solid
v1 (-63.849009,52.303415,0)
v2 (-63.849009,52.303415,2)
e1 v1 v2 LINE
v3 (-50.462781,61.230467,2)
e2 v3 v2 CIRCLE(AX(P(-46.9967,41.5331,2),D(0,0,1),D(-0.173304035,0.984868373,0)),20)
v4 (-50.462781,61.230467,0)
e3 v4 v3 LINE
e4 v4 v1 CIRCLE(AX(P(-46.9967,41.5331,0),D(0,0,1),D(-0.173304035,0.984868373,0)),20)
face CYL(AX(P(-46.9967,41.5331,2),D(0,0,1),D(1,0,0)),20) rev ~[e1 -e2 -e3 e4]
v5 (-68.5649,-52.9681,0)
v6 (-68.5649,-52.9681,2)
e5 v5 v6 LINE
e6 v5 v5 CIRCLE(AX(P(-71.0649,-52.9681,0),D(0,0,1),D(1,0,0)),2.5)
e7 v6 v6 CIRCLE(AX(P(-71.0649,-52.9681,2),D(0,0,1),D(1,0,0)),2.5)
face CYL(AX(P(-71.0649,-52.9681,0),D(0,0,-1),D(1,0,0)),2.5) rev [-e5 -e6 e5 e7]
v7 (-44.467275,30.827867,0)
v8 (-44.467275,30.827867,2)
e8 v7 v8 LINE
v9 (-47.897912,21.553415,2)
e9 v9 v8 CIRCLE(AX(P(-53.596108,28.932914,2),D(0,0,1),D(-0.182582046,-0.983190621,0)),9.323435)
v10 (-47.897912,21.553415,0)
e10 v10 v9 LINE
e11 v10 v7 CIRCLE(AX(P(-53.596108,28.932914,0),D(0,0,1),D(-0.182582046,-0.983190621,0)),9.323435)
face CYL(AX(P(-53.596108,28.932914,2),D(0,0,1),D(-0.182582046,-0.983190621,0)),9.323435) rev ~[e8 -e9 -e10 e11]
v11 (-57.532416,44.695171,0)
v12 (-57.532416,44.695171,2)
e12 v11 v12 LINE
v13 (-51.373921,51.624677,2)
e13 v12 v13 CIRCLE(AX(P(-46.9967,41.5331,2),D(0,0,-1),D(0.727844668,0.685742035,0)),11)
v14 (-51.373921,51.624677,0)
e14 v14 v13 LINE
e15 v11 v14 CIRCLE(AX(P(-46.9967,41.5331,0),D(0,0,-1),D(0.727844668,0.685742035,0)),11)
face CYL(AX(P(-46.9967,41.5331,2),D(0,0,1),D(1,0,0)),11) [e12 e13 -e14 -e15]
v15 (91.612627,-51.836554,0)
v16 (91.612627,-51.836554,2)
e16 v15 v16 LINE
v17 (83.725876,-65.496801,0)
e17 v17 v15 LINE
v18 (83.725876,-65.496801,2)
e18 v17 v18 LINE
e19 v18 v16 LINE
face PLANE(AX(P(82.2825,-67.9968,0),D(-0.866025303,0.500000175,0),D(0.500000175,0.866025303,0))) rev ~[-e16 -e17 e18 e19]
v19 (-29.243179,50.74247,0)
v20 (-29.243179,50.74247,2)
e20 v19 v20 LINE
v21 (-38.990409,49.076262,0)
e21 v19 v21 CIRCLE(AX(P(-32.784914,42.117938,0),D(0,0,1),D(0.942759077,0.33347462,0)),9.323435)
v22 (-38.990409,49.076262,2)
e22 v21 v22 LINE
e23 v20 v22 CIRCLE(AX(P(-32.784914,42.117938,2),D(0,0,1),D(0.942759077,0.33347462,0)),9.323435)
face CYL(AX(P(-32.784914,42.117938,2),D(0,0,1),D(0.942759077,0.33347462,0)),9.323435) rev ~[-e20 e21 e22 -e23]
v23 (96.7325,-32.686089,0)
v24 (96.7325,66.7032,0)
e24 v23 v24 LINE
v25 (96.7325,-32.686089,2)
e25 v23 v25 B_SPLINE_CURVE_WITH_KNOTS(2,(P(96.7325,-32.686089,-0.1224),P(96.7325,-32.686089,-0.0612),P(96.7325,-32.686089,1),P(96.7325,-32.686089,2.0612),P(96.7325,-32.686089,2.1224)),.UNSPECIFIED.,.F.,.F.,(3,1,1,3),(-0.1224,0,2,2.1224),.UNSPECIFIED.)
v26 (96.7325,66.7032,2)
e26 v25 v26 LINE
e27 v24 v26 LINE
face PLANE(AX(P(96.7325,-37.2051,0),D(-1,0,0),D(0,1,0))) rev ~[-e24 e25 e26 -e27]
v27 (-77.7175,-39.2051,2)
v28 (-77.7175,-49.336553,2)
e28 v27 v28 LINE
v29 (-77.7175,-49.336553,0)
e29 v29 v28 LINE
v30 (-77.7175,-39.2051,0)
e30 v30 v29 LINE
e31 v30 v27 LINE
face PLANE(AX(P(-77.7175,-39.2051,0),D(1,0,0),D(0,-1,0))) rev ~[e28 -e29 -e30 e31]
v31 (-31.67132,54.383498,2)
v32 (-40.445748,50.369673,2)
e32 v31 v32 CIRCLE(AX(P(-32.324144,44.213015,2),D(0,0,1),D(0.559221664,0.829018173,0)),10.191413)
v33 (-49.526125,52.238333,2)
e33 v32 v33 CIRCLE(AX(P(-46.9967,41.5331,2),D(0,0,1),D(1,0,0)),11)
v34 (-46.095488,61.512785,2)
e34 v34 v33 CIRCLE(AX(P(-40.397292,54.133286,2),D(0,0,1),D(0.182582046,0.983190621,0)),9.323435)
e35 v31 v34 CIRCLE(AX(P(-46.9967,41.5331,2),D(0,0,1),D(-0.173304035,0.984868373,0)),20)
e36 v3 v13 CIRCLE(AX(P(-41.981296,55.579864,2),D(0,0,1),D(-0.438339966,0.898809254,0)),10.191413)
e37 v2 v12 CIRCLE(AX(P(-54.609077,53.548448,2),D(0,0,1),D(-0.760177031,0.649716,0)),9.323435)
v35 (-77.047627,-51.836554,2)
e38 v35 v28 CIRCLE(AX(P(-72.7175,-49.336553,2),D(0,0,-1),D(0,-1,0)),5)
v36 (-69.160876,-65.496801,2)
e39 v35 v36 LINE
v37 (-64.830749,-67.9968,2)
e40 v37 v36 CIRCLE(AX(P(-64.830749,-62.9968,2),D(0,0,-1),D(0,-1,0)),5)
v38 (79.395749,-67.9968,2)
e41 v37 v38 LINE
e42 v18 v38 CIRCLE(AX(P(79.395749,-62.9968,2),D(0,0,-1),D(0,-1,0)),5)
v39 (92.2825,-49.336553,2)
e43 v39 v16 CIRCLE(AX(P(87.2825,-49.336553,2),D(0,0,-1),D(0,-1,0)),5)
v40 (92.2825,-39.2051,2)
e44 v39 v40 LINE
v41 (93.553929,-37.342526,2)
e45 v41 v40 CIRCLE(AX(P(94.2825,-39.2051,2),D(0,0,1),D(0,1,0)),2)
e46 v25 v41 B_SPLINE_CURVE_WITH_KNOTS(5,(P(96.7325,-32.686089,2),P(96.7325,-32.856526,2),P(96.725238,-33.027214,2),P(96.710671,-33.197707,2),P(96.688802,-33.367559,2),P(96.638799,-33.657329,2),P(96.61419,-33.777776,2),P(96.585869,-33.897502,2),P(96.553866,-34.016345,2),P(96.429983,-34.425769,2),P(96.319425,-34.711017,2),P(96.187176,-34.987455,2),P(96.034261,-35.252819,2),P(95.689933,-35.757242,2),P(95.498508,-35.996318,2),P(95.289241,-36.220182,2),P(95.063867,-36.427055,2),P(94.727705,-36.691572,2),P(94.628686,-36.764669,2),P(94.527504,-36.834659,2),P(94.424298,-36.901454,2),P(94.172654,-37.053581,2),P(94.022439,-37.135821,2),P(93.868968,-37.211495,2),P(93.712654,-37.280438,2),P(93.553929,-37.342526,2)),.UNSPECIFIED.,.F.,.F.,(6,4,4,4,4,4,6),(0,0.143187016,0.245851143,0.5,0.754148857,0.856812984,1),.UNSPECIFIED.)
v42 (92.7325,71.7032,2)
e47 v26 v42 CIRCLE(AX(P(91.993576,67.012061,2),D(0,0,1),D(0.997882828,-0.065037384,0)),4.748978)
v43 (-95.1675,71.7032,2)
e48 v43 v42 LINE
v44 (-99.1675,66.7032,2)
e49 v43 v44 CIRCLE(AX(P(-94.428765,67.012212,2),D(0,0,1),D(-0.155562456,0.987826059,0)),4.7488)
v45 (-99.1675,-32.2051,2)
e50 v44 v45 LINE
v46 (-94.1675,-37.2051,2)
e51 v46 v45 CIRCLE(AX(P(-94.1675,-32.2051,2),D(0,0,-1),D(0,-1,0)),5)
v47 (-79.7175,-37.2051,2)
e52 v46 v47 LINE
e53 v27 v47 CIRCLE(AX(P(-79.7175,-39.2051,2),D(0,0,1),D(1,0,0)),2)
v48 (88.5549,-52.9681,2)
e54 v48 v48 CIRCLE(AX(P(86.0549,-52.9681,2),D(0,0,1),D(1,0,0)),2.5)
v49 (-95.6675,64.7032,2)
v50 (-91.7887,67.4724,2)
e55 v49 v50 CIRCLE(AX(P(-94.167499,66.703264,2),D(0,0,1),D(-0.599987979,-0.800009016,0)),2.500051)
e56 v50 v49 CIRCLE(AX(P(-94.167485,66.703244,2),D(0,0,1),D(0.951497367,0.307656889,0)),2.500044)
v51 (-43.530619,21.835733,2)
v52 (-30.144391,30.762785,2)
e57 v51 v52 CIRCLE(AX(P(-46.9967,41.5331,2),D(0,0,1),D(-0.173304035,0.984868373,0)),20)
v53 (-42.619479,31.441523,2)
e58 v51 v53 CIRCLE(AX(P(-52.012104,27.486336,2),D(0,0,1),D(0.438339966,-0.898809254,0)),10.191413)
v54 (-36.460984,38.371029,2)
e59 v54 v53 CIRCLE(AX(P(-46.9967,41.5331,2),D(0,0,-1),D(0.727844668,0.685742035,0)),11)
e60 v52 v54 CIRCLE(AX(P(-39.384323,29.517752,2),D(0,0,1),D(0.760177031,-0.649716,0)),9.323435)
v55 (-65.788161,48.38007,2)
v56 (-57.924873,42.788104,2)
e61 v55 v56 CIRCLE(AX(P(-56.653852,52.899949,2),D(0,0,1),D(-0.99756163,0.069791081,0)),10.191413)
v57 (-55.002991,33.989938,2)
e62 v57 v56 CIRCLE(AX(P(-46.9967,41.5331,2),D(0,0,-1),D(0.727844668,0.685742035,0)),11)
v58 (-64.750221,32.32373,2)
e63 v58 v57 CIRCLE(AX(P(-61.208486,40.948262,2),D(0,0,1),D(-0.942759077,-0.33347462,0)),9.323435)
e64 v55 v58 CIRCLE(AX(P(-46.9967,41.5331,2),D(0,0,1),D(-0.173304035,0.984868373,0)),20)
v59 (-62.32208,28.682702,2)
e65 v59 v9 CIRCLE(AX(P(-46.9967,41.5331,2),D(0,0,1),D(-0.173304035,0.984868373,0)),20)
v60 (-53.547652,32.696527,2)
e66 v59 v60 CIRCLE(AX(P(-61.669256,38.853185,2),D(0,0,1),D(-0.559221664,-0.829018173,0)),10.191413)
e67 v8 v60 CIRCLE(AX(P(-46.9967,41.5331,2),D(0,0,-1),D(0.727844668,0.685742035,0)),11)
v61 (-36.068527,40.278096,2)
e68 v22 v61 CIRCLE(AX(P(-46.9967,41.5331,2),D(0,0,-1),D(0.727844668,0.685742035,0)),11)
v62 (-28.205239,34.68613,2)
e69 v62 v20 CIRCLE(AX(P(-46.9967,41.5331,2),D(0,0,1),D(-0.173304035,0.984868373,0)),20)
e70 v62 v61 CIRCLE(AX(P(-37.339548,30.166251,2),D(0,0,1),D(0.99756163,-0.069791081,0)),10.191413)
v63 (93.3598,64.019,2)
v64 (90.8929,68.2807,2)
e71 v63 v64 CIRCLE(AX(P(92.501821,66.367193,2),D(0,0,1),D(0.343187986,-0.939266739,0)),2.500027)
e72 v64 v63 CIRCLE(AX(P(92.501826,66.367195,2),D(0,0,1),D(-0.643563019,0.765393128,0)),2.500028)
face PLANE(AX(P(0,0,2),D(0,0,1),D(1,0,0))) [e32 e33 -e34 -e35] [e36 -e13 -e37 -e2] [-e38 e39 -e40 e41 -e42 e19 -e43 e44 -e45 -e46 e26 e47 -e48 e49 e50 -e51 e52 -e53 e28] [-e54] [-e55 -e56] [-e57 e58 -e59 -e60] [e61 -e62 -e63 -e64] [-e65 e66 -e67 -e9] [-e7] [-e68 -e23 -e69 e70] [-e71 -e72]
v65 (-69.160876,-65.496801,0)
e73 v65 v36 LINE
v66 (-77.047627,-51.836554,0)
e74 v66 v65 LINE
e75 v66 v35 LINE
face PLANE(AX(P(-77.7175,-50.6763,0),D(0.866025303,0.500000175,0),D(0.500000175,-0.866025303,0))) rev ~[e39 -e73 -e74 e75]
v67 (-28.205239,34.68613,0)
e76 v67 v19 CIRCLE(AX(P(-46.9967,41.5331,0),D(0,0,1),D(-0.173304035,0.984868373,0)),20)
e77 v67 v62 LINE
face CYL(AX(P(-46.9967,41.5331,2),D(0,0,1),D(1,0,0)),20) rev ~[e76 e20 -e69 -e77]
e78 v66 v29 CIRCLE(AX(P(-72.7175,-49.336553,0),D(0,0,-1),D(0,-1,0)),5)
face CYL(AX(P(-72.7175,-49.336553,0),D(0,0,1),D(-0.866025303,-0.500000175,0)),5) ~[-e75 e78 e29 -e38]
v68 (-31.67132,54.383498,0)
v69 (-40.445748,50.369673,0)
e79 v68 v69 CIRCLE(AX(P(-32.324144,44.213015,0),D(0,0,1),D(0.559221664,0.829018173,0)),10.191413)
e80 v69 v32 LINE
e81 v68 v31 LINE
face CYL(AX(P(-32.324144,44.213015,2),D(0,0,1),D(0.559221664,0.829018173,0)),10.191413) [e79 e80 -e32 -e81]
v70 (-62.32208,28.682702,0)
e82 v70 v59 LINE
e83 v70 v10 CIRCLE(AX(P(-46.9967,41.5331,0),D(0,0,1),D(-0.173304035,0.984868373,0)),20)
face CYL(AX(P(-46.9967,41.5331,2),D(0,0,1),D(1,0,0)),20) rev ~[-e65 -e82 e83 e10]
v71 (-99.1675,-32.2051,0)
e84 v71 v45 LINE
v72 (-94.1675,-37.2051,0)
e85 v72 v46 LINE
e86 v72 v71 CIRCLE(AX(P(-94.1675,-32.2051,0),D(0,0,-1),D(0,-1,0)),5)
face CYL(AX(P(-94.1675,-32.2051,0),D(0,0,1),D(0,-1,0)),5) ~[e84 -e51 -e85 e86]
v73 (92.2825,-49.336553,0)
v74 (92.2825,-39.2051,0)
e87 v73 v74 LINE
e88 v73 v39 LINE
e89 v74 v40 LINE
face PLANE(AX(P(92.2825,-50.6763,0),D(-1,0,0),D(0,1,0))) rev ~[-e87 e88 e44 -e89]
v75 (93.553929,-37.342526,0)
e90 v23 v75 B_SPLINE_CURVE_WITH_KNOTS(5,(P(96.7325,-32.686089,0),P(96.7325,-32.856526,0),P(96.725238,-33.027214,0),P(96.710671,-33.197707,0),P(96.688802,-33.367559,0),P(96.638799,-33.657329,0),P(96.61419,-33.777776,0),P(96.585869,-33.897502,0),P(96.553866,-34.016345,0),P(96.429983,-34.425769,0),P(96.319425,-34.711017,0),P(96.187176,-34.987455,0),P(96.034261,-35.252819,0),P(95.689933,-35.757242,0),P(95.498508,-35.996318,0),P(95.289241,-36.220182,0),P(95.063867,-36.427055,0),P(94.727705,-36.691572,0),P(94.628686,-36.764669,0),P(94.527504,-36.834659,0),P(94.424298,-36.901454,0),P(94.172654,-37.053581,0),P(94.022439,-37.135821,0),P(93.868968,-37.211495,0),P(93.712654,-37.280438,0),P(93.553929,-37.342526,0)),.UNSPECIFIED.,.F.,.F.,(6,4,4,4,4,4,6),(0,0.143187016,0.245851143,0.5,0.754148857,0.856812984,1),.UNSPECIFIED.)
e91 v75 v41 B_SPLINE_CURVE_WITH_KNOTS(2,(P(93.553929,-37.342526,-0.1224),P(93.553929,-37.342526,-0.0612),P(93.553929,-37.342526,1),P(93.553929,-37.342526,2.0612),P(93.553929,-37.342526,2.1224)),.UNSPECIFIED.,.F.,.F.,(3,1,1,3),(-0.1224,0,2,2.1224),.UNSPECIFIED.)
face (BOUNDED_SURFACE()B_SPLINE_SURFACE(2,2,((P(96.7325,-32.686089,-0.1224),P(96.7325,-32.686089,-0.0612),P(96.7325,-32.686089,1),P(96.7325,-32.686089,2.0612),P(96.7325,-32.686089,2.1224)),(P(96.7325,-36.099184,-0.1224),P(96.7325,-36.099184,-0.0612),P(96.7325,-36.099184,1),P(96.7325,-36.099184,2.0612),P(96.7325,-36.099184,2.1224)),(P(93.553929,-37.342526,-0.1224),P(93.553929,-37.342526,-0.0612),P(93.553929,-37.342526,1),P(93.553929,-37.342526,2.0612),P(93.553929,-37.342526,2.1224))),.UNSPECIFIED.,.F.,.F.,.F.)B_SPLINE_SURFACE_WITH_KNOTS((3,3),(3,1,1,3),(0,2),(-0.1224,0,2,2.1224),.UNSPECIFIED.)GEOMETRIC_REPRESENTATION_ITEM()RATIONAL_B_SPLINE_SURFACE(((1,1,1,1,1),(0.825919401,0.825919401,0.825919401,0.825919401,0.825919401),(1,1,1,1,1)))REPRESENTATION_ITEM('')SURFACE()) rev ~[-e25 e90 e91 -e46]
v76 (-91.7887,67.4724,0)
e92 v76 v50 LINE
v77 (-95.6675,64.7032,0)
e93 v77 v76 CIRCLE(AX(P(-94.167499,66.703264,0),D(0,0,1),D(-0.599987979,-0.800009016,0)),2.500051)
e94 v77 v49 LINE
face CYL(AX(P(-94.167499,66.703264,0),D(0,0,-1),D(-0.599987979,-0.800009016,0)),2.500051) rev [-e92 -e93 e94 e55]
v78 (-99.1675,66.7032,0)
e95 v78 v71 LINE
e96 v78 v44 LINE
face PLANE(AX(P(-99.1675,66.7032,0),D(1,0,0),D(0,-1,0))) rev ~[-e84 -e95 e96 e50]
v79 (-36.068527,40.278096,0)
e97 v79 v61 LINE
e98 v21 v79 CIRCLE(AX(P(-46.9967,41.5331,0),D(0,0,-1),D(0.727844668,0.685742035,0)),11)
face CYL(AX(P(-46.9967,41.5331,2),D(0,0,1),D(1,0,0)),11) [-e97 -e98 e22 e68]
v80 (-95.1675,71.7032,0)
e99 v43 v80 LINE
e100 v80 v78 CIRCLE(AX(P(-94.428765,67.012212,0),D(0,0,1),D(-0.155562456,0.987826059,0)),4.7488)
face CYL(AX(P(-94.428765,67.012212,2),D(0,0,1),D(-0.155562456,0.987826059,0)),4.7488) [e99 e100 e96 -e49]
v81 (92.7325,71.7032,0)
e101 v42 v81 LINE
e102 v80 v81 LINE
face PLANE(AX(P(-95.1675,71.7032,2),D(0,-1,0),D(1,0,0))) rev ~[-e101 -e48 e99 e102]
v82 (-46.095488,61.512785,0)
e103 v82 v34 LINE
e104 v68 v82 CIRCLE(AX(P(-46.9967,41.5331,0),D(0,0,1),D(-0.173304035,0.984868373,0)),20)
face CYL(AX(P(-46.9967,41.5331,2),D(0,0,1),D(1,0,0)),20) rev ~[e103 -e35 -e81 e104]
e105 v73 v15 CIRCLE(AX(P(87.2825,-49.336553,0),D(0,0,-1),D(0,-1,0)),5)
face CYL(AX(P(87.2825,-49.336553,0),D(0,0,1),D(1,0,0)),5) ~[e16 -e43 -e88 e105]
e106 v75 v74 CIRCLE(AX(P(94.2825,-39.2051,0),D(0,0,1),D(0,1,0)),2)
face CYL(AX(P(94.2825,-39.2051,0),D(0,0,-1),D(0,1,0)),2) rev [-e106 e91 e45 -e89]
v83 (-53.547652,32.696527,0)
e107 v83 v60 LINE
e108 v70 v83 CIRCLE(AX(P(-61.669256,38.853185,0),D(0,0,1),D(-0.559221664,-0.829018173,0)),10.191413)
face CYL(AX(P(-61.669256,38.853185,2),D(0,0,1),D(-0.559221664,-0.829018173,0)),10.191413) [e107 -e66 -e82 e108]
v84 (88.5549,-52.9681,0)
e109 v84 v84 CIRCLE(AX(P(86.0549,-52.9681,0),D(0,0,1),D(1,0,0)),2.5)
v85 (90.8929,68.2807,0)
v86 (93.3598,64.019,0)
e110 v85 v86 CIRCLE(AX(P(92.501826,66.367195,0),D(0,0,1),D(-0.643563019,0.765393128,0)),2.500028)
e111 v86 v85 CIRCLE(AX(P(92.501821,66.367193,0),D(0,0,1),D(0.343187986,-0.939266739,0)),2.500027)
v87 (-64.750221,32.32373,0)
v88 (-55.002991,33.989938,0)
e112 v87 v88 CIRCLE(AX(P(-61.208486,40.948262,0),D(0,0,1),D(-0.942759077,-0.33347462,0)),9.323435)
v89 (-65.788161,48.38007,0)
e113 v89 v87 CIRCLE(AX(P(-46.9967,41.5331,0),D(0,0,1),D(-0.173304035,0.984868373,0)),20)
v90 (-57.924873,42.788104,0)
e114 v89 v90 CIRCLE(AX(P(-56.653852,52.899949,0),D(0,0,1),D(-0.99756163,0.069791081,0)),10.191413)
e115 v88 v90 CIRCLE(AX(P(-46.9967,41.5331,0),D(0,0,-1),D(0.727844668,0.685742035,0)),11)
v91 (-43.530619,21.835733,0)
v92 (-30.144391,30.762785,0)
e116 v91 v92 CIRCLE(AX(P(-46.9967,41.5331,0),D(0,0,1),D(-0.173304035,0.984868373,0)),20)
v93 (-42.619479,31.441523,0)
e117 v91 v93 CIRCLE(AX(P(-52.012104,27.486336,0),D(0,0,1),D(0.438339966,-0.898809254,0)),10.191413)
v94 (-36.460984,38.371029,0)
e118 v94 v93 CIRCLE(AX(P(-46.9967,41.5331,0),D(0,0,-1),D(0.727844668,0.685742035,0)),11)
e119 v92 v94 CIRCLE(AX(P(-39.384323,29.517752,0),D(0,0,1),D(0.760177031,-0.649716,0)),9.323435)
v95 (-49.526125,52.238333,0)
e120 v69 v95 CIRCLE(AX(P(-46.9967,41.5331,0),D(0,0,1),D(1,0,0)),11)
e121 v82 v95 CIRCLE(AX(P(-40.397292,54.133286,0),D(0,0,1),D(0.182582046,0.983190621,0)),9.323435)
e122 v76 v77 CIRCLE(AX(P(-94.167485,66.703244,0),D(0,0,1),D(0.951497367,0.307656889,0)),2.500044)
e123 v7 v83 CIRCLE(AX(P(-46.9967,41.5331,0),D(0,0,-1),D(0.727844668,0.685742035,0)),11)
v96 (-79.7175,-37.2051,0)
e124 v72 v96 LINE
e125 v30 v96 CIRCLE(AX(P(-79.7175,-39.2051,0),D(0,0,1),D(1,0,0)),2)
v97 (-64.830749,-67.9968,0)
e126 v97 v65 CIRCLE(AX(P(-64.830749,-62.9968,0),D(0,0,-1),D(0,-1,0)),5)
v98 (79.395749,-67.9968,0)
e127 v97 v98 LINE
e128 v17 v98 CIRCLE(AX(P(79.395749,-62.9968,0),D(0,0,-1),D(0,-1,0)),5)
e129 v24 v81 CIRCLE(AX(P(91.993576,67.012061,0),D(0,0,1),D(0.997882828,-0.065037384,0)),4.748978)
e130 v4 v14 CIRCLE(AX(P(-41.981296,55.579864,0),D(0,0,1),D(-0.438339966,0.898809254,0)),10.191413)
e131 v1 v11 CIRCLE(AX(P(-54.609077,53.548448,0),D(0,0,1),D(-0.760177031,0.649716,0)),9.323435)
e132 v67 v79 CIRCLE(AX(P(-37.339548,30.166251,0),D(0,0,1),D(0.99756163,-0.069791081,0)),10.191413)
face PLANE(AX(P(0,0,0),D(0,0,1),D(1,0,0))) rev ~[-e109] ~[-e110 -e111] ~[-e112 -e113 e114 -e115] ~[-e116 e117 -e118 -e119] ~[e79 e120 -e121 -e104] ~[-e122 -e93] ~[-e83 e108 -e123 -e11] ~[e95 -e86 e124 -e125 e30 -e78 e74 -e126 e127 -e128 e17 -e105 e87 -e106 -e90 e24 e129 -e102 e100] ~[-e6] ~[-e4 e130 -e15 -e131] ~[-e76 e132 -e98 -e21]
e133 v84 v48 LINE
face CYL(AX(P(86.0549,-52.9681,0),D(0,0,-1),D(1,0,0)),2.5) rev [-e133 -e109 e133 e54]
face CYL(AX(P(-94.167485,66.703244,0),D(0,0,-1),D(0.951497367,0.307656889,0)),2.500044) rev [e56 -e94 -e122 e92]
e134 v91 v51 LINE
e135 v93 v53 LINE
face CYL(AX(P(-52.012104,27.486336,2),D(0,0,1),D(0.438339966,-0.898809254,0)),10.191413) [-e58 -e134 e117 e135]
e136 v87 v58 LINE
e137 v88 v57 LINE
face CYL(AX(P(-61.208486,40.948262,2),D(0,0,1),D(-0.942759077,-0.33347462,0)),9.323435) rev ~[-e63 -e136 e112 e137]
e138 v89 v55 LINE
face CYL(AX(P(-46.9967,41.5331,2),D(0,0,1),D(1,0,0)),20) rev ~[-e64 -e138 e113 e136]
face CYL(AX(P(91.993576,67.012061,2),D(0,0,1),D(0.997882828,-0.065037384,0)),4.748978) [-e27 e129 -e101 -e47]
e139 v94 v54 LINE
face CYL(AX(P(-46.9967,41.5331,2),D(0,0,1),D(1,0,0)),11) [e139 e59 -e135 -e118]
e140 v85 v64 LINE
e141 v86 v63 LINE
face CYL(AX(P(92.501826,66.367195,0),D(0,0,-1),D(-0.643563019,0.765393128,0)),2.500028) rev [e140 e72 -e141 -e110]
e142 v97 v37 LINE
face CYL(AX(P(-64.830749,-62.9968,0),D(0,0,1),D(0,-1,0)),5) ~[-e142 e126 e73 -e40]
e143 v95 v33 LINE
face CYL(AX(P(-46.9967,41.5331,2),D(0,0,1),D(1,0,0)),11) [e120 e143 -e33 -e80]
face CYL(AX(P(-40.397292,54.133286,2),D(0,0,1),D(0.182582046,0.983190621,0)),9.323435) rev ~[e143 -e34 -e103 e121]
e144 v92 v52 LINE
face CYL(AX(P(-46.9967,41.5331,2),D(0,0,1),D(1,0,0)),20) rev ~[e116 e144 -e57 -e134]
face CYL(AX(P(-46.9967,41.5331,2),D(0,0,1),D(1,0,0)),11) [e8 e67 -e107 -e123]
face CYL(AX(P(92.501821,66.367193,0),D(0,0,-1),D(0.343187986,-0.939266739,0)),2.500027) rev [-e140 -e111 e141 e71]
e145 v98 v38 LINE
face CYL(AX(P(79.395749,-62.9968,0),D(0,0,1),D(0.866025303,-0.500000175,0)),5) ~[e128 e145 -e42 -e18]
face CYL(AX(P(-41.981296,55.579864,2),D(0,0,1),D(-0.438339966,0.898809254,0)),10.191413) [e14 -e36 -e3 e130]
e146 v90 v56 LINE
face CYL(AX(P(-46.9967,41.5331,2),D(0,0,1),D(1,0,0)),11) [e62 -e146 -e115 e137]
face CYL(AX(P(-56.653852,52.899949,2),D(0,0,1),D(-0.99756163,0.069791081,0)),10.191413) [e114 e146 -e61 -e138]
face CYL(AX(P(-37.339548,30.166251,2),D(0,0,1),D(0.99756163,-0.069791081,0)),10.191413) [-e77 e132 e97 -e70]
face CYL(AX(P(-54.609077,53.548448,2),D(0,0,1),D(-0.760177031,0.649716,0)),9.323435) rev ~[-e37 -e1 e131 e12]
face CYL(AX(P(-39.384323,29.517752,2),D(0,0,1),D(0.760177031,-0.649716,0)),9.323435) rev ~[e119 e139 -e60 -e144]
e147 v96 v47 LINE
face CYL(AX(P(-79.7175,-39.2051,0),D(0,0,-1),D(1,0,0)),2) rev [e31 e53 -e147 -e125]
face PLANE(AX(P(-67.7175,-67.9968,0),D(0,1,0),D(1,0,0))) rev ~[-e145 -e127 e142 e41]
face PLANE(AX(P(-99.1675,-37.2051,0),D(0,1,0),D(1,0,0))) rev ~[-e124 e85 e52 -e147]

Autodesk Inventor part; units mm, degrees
ref_plane "YZ Plane" through (0, 0, 0) normal (1, 0, 0) x (0, 1, 0)
ref_plane "XZ Plane" through (0, 0, 0) normal (0, 1, 0) x (-1, 0, 0)
ref_plane "XY Plane" through (0, 0, 0) normal (0, 0, 1) x (1, 0, 0)
sketch "Sketch4" plane through (0, 0, 0) normal (0, 0, 1) x (1, 0, 0)
  line L0 (92.7325, 70.7032) -> (-95.1675, 70.7032) projected
  arc A0 (-95.1675, 70.7032) -> (-99.1675, 66.7032) centre (-95.1675, 66.7032) ccw projected
  line L1 (-99.1675, 66.7032) -> (-99.1675, -37.2051) projected
  arc A1 (-91.7887, 67.4724) -> (-95.6675, 64.7032) centre (-94.1675, 66.7032) ccw projected
  line L2 (-99.1675, -37.2051) -> (-79.7175, -37.2051) projected
  arc A2 (-77.7175, -39.2051) -> (-79.7175, -37.2051) centre (-79.7175, -39.2051) ccw projected
  line L3 (-77.7175, -39.2051) -> (-77.7175, -50.6763) projected
  line L4 (-77.7175, -50.6763) -> (-67.7175, -67.9968) projected
  line L5 (-67.7175, -67.9968) -> (82.2825, -67.9968) projected
  circle A3 centre (-71.0649, -52.9681) radius 2.5 projected
  line L6 (82.2825, -67.9968) -> (92.2825, -50.6763) projected
  circle A4 centre (86.0549, -52.9681) radius 2.5 projected
  line L7 (92.2825, -50.6763) -> (92.2825, -39.2051) projected
  arc A5 (94.2825, -37.2051) -> (92.2825, -39.2051) centre (94.2825, -39.2051) ccw projected
  line L8 (94.2825, -37.2051) -> (96.7325, -37.2051) projected
  line L9 (96.7325, -37.2051) -> (96.7325, 66.7032) projected
  arc A6 (96.7325, 66.7032) -> (92.7325, 70.7032) centre (92.7325, 66.7032) ccw projected
  arc A7 (93.3598, 64.019) -> (90.8929, 68.2807) centre (92.5018, 66.3672) ccw projected
  arc A8 (90.8929, 68.2807) -> (93.3598, 64.019) centre (92.5018, 66.3672) ccw
  arc A9 (-95.6675, 64.7032) -> (-91.7887, 67.4724) centre (-94.1675, 66.7032) ccw
  point P0 (0, 0)
extrude "Extrusion4" add sketch "Sketch4" along normal blind 2
fillet "Fillet1" radius 5 6 edges at (-99.1675, -37.2051, 1) (-77.7175, -50.6763, 1) (-67.7175, -67.9968, 1) (82.2825, -67.9968, 1) (92.2825, -50.6763, 1) (96.7325, -37.2051, 1)
sketch "Sketch5" plane through (0, 0, 2) normal (0, 0, 1) x (1, 0, 0)
  circle A0 centre (-46.9967, 41.5331) radius 20
  circle A1 centre (-46.9967, 41.5331) radius 11
  point P0 (0, 0)
  dimension "d12" = 40
  dimension "d13" = 22
extrude "Extrusion5" cut sketch "Sketch5" against normal blind 10
sketch "Sketch6" plane through (0, 0, 2) normal (0, 0, 1) x (1, 0, 0)
  arc A0 (-46.4486, 64.74) -> (-47.34, 46.911) centre (-41.9812, 55.5798) ccw
  arc A1 (-38.695, 63.3) -> (-44.2546, 45.6452) centre (-40.3973, 54.1333) ccw
  line L0 (-47.34, 46.911) -> (-44.2546, 45.6452)
  line L1 (-46.4486, 64.74) -> (-38.695, 63.3)
  point P0 (0, 0)
extrude "Extrusion6" add sketch "Sketch6" against normal up to surface (2 mm away)
pattern_circular "Circular Pattern1" count 6 over 360 about axis through (-46.9967, 41.5331, 2) along (0, 0, -1) of "Extrusion6"
sketch "Sketch7" plane through (0, 0, 2) normal (0, 0, 1) x (1, 0, 0)
  line L0 (-95.1675, 71.7032) -> (92.7325, 71.7032) projected
  line L1 (92.7325, 70.7032) -> (-95.1675, 70.7032) projected
  arc A0 (-95.1675, 70.7032) -> (-99.1675, 66.7032) centre (-95.1675, 66.7032) ccw projected
  arc A1 (-95.1675, 71.7032) -> (-99.1675, 66.7032) centre (-94.4287, 67.0121) ccw projected
  arc A2 (96.7325, 66.7032) -> (92.7325, 70.7032) centre (92.7325, 66.7032) ccw projected
  arc A3 (96.7325, 66.7032) -> (92.7325, 71.7032) centre (91.9937, 67.0121) ccw projected
  point P0 (0, 0)
extrude "Extrusion7" add sketch "Sketch7" against normal up to surface (2 mm away)
properties part number "Back Plate"
